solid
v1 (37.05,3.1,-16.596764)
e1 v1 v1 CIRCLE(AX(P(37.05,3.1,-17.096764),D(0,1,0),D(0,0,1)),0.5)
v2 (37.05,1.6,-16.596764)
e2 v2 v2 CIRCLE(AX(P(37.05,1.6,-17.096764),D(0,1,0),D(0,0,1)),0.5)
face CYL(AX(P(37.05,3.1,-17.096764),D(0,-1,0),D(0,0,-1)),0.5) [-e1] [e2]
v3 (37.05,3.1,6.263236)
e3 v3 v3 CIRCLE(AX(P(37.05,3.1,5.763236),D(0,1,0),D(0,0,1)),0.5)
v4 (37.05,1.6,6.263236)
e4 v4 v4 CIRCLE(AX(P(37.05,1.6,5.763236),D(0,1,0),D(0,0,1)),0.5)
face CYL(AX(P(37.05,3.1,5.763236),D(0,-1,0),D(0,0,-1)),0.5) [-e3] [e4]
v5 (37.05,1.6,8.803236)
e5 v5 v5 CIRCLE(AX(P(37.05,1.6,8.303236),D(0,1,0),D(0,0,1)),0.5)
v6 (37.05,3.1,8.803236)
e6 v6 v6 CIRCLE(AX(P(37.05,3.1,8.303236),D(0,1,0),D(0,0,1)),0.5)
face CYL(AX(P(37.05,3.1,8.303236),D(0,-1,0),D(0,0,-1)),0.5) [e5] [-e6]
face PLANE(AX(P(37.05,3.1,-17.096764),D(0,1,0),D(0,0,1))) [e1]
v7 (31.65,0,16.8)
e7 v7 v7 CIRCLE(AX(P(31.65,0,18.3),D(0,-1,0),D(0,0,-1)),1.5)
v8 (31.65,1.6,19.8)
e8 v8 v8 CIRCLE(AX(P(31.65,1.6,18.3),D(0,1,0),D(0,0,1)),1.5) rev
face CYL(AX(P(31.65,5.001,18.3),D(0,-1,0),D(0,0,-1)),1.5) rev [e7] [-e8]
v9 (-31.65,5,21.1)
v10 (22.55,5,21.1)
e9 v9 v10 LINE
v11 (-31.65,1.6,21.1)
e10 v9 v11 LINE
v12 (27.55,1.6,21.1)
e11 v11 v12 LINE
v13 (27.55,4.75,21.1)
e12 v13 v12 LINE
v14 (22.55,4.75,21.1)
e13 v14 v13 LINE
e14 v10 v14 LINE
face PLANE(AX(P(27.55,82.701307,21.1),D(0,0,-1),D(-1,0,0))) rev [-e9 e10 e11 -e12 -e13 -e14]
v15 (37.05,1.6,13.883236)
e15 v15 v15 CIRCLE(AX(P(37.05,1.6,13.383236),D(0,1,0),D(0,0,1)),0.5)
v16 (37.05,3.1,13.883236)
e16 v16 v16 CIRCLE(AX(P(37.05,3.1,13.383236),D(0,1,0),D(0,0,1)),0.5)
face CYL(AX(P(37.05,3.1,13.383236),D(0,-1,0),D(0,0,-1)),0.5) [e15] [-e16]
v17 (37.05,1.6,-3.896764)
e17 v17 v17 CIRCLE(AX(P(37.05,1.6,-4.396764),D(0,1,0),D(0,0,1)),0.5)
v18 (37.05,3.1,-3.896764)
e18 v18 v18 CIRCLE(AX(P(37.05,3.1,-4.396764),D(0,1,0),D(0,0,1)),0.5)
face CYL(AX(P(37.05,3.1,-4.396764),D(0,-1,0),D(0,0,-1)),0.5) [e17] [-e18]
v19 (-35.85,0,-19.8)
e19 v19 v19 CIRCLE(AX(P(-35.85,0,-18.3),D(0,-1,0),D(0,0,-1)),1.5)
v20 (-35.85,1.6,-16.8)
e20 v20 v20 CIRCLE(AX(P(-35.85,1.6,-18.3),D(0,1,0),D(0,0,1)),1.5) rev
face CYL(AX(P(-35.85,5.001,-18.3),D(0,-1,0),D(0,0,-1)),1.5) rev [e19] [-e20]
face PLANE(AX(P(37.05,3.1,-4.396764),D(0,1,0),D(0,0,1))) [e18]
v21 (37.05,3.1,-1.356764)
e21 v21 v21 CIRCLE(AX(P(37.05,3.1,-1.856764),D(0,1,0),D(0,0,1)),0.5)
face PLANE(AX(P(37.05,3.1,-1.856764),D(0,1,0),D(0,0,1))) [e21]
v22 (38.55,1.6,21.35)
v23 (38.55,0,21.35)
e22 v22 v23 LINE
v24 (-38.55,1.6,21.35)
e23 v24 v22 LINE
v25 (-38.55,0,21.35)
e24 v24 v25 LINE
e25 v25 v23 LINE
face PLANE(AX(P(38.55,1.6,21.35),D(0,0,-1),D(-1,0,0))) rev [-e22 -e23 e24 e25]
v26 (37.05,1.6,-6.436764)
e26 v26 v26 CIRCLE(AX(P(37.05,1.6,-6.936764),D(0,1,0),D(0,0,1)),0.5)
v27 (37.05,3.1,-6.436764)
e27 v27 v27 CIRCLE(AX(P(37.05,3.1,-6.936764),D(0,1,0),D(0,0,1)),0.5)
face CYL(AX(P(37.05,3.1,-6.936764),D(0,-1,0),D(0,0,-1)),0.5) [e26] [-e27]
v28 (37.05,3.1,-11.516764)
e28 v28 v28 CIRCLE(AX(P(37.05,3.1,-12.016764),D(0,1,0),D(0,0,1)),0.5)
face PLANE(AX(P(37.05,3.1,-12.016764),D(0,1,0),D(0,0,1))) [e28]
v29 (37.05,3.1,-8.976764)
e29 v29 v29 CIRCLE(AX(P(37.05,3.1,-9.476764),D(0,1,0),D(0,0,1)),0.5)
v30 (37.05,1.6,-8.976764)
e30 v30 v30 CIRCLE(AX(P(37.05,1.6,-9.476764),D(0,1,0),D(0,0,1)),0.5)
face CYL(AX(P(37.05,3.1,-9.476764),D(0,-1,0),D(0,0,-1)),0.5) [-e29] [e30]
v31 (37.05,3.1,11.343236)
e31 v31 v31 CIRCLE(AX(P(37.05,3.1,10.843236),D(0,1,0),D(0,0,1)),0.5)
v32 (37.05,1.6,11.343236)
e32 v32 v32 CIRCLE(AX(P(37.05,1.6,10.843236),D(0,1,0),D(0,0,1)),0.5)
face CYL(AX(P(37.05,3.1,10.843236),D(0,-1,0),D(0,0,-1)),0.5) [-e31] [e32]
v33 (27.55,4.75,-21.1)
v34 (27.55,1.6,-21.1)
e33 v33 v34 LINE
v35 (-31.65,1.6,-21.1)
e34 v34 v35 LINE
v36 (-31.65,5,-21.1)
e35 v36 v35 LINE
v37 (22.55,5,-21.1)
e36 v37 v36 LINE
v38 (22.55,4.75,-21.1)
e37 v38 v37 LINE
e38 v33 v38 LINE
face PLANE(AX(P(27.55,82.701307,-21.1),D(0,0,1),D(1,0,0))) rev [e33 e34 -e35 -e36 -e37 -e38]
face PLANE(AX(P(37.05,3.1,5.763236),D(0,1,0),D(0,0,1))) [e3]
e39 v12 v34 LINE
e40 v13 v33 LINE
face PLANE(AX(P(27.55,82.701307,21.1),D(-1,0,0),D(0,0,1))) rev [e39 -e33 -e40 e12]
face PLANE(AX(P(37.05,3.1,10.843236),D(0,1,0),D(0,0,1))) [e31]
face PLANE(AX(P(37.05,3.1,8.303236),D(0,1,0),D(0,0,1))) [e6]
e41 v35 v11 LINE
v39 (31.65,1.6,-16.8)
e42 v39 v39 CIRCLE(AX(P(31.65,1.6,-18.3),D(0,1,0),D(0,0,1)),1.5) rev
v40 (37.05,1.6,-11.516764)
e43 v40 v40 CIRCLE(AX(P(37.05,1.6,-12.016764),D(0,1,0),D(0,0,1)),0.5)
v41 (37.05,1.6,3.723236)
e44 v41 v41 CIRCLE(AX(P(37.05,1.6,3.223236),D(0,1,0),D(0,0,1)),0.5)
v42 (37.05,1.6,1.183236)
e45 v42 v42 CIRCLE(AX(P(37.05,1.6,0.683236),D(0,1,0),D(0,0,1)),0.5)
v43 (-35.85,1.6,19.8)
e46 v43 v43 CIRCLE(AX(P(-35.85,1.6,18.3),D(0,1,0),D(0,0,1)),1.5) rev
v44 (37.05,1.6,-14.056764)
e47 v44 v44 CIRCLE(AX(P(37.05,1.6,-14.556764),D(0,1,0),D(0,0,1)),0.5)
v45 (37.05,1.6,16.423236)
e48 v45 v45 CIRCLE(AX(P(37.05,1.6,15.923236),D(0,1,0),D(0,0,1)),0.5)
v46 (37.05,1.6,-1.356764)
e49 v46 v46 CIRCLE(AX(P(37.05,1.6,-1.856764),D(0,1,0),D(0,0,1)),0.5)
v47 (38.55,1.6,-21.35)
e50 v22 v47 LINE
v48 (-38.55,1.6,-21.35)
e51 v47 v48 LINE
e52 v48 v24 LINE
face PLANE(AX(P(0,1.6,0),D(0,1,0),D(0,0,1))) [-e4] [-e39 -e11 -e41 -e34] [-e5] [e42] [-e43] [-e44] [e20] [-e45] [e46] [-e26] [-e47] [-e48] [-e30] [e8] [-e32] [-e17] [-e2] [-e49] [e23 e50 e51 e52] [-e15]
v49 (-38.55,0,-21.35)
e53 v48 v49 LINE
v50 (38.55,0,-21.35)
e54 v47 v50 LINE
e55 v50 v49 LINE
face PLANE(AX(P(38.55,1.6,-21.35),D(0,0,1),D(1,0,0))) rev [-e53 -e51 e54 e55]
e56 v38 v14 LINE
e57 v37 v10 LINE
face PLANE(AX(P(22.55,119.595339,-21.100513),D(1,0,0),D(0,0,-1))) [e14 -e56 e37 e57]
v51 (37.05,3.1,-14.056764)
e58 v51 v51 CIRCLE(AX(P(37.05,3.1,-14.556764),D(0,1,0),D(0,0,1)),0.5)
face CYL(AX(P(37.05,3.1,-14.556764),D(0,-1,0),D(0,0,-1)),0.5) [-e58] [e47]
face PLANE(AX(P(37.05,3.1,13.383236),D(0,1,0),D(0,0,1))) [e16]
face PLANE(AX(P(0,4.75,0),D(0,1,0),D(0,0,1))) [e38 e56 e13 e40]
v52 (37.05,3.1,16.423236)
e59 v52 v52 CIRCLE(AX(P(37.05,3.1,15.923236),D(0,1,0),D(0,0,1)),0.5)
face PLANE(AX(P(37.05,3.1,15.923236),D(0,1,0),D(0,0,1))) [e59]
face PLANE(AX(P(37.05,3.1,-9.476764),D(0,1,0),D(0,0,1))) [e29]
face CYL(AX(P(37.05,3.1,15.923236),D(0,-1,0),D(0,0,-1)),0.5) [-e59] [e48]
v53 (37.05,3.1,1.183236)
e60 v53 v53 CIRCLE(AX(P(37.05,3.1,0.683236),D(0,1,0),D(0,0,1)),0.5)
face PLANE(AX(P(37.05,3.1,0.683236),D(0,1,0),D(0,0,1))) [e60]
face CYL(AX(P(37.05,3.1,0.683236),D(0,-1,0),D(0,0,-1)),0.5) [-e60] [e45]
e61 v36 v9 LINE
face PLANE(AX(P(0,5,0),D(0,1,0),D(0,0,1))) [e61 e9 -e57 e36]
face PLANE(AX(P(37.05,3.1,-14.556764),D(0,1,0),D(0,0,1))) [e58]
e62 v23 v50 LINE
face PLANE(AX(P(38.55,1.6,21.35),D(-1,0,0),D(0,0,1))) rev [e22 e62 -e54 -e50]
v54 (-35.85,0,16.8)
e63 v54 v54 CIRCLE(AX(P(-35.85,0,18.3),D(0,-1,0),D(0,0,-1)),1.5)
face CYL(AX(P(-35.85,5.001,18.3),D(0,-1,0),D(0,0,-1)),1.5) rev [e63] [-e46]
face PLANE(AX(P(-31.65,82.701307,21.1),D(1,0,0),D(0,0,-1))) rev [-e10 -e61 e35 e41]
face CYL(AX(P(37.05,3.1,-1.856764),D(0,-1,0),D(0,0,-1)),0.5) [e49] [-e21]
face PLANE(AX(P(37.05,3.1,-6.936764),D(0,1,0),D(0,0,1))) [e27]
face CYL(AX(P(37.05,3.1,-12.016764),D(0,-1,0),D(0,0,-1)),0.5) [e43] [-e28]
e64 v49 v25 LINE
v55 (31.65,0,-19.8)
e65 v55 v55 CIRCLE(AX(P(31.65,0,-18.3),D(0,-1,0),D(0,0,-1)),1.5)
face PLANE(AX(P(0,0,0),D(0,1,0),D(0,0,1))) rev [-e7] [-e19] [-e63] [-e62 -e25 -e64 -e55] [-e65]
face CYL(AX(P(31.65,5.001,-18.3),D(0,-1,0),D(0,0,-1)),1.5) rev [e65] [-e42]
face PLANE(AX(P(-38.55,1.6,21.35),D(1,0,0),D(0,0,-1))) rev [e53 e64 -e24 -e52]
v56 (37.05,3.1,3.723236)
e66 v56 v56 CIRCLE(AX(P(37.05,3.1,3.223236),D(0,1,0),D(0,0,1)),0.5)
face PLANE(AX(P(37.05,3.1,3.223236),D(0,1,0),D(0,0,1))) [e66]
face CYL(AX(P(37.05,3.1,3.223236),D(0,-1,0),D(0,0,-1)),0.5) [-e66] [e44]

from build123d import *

# Parameters (mm, degrees)
CROQUIS1_W              = 77.1
CROQUIS1_H              = 42.7
SALIENTE_EXTRUIR1_DEPTH = 1.6
CROQUIS2_W              = 59.2
CROQUIS2_H              = 42.2
SALIENTE_EXTRUIR2_DEPTH = 3.4
CORTAR_EXTRUIR2_REACH   = 46.35
CROQUIS4_R              = 1.5
CUT_EXTRUDE1_DEPTH      = 45.350028185
CUT_EXTRUDE1_DEPTH_BACK = 0.25
CROQUIS3_R              = 0.5
BOSS_EXTRUDE1_DEPTH     = 1.5


with BuildPart() as part:
    # Croquis1 → Saliente-Extruir1 (new body)
    with BuildSketch(Plane(origin=(0, 0, 0), x_dir=(1, 0, 0), z_dir=(0, 1, 0))):
        Rectangle(CROQUIS1_W, CROQUIS1_H)
    extrude(amount=SALIENTE_EXTRUIR1_DEPTH)

    # Croquis2 → Saliente-Extruir2 (add)
    with BuildSketch(Plane(origin=(0, 1.6, 0), x_dir=(1, 0, 0), z_dir=(0, 1, 0))):
        with Locations((-2.05, 0)):
            Rectangle(CROQUIS2_W, CROQUIS2_H)
    extrude(amount=SALIENTE_EXTRUIR2_DEPTH)

    # Croquis4 → Cortar-Extruir2 (cut, up to next)
    with BuildSketch(Plane.XZ, mode=Mode.PRIVATE) as cortar_extruir2_sk1:
        with Locations(Location((-35.85, 18.3, 0), (0, 0, 270))):
            Circle(CROQUIS4_R)
    cortar_extruir2_tool1 = extrude(cortar_extruir2_sk1.sketch, amount=-CORTAR_EXTRUIR2_REACH, mode=Mode.PRIVATE) & part.part
    # Croquis4 → Cortar-Extruir2 (cut, up to next)
    with BuildSketch(Plane.XZ, mode=Mode.PRIVATE) as cortar_extruir2_sk2:
        with Locations(Location((31.65, 18.3, 0), (0, 0, 270))):
            Circle(CROQUIS4_R)
    cortar_extruir2_tool2 = extrude(cortar_extruir2_sk2.sketch, amount=-CORTAR_EXTRUIR2_REACH, mode=Mode.PRIVATE) & part.part
    # Croquis4 → Cortar-Extruir2 (cut, up to next)
    with BuildSketch(Plane.XZ, mode=Mode.PRIVATE) as cortar_extruir2_sk3:
        with Locations(Location((31.65, -18.3, 0), (0, 0, 270))):
            Circle(CROQUIS4_R)
    cortar_extruir2_tool3 = extrude(cortar_extruir2_sk3.sketch, amount=-CORTAR_EXTRUIR2_REACH, mode=Mode.PRIVATE) & part.part
    # Croquis4 → Cortar-Extruir2 (cut, up to next)
    with BuildSketch(Plane.XZ, mode=Mode.PRIVATE) as cortar_extruir2_sk4:
        with Locations(Location((-35.85, -18.3, 0), (0, 0, 270))):
            Circle(CROQUIS4_R)
    cortar_extruir2_tool4 = extrude(cortar_extruir2_sk4.sketch, amount=-CORTAR_EXTRUIR2_REACH, mode=Mode.PRIVATE) & part.part
    add(cortar_extruir2_tool1.solids().sort_by_distance((-35.85, 0, 18.3))[0], mode=Mode.SUBTRACT)
    add(cortar_extruir2_tool2.solids().sort_by_distance((31.65, 0, 18.3))[0], mode=Mode.SUBTRACT)
    add(cortar_extruir2_tool3.solids().sort_by_distance((31.65, 0, -18.3))[0], mode=Mode.SUBTRACT)
    add(cortar_extruir2_tool4.solids().sort_by_distance((-35.85, 0, -18.3))[0], mode=Mode.SUBTRACT)

    # Sketch3 → Cut-Extrude1 (cut, two sides: drawn at the far end of the back side and taken through both)
    with BuildSketch(Plane(origin=(0, 5, 0), x_dir=(1, 0, 0), z_dir=(0, 1, 0)).offset(-CUT_EXTRUDE1_DEPTH_BACK)):
        Polygon((22.55, 179.899832697), (22.55, 21.10051324), (22.55, -21.101140947), (22.55, -179.900460404), (340.148638914, -179.900460404), (340.148638914, 179.899832697), align=None)
    extrude(amount=CUT_EXTRUDE1_DEPTH + CUT_EXTRUDE1_DEPTH_BACK, mode=Mode.SUBTRACT)

    # Croquis3 → Boss-Extrude1 (add)
    with BuildSketch(Plane(origin=(0, 1.6, 0), x_dir=(1, 0, 0), z_dir=(0, 1, 0))):
        with Locations(Location((37.05, -15.923235508, 0), (0, 0, 270))):
            Circle(CROQUIS3_R)
        with Locations(Location((37.05, -13.383235508, 0), (0, 0, 270))):
            Circle(CROQUIS3_R)
        with Locations(Location((37.05, -10.843235508, 0), (0, 0, 270))):
            Circle(CROQUIS3_R)
        with Locations(Location((37.05, -8.303235508, 0), (0, 0, 270))):
            Circle(CROQUIS3_R)
        with Locations(Location((37.05, -5.763235508, 0), (0, 0, 270))):
            Circle(CROQUIS3_R)
        with Locations(Location((37.05, -3.223235508, 0), (0, 0, 270))):
            Circle(CROQUIS3_R)
        with Locations(Location((37.05, -0.683235508, 0), (0, 0, 270))):
            Circle(CROQUIS3_R)
        with Locations(Location((37.05, 1.856764492, 0), (0, 0, 270))):
            Circle(CROQUIS3_R)
        with Locations(Location((37.05, 4.396764492, 0), (0, 0, 270))):
            Circle(CROQUIS3_R)
        with Locations(Location((37.05, 6.936764492, 0), (0, 0, 270))):
            Circle(CROQUIS3_R)
        with Locations(Location((37.05, 9.476764492, 0), (0, 0, 270))):
            Circle(CROQUIS3_R)
        with Locations(Location((37.05, 12.016764492, 0), (0, 0, 270))):
            Circle(CROQUIS3_R)
        with Locations(Location((37.05, 14.556764492, 0), (0, 0, 270))):
            Circle(CROQUIS3_R)
        with Locations(Location((37.05, 17.096764492, 0), (0, 0, 270))):
            Circle(CROQUIS3_R)
    extrude(amount=BOSS_EXTRUDE1_DEPTH)


solid = part.part
